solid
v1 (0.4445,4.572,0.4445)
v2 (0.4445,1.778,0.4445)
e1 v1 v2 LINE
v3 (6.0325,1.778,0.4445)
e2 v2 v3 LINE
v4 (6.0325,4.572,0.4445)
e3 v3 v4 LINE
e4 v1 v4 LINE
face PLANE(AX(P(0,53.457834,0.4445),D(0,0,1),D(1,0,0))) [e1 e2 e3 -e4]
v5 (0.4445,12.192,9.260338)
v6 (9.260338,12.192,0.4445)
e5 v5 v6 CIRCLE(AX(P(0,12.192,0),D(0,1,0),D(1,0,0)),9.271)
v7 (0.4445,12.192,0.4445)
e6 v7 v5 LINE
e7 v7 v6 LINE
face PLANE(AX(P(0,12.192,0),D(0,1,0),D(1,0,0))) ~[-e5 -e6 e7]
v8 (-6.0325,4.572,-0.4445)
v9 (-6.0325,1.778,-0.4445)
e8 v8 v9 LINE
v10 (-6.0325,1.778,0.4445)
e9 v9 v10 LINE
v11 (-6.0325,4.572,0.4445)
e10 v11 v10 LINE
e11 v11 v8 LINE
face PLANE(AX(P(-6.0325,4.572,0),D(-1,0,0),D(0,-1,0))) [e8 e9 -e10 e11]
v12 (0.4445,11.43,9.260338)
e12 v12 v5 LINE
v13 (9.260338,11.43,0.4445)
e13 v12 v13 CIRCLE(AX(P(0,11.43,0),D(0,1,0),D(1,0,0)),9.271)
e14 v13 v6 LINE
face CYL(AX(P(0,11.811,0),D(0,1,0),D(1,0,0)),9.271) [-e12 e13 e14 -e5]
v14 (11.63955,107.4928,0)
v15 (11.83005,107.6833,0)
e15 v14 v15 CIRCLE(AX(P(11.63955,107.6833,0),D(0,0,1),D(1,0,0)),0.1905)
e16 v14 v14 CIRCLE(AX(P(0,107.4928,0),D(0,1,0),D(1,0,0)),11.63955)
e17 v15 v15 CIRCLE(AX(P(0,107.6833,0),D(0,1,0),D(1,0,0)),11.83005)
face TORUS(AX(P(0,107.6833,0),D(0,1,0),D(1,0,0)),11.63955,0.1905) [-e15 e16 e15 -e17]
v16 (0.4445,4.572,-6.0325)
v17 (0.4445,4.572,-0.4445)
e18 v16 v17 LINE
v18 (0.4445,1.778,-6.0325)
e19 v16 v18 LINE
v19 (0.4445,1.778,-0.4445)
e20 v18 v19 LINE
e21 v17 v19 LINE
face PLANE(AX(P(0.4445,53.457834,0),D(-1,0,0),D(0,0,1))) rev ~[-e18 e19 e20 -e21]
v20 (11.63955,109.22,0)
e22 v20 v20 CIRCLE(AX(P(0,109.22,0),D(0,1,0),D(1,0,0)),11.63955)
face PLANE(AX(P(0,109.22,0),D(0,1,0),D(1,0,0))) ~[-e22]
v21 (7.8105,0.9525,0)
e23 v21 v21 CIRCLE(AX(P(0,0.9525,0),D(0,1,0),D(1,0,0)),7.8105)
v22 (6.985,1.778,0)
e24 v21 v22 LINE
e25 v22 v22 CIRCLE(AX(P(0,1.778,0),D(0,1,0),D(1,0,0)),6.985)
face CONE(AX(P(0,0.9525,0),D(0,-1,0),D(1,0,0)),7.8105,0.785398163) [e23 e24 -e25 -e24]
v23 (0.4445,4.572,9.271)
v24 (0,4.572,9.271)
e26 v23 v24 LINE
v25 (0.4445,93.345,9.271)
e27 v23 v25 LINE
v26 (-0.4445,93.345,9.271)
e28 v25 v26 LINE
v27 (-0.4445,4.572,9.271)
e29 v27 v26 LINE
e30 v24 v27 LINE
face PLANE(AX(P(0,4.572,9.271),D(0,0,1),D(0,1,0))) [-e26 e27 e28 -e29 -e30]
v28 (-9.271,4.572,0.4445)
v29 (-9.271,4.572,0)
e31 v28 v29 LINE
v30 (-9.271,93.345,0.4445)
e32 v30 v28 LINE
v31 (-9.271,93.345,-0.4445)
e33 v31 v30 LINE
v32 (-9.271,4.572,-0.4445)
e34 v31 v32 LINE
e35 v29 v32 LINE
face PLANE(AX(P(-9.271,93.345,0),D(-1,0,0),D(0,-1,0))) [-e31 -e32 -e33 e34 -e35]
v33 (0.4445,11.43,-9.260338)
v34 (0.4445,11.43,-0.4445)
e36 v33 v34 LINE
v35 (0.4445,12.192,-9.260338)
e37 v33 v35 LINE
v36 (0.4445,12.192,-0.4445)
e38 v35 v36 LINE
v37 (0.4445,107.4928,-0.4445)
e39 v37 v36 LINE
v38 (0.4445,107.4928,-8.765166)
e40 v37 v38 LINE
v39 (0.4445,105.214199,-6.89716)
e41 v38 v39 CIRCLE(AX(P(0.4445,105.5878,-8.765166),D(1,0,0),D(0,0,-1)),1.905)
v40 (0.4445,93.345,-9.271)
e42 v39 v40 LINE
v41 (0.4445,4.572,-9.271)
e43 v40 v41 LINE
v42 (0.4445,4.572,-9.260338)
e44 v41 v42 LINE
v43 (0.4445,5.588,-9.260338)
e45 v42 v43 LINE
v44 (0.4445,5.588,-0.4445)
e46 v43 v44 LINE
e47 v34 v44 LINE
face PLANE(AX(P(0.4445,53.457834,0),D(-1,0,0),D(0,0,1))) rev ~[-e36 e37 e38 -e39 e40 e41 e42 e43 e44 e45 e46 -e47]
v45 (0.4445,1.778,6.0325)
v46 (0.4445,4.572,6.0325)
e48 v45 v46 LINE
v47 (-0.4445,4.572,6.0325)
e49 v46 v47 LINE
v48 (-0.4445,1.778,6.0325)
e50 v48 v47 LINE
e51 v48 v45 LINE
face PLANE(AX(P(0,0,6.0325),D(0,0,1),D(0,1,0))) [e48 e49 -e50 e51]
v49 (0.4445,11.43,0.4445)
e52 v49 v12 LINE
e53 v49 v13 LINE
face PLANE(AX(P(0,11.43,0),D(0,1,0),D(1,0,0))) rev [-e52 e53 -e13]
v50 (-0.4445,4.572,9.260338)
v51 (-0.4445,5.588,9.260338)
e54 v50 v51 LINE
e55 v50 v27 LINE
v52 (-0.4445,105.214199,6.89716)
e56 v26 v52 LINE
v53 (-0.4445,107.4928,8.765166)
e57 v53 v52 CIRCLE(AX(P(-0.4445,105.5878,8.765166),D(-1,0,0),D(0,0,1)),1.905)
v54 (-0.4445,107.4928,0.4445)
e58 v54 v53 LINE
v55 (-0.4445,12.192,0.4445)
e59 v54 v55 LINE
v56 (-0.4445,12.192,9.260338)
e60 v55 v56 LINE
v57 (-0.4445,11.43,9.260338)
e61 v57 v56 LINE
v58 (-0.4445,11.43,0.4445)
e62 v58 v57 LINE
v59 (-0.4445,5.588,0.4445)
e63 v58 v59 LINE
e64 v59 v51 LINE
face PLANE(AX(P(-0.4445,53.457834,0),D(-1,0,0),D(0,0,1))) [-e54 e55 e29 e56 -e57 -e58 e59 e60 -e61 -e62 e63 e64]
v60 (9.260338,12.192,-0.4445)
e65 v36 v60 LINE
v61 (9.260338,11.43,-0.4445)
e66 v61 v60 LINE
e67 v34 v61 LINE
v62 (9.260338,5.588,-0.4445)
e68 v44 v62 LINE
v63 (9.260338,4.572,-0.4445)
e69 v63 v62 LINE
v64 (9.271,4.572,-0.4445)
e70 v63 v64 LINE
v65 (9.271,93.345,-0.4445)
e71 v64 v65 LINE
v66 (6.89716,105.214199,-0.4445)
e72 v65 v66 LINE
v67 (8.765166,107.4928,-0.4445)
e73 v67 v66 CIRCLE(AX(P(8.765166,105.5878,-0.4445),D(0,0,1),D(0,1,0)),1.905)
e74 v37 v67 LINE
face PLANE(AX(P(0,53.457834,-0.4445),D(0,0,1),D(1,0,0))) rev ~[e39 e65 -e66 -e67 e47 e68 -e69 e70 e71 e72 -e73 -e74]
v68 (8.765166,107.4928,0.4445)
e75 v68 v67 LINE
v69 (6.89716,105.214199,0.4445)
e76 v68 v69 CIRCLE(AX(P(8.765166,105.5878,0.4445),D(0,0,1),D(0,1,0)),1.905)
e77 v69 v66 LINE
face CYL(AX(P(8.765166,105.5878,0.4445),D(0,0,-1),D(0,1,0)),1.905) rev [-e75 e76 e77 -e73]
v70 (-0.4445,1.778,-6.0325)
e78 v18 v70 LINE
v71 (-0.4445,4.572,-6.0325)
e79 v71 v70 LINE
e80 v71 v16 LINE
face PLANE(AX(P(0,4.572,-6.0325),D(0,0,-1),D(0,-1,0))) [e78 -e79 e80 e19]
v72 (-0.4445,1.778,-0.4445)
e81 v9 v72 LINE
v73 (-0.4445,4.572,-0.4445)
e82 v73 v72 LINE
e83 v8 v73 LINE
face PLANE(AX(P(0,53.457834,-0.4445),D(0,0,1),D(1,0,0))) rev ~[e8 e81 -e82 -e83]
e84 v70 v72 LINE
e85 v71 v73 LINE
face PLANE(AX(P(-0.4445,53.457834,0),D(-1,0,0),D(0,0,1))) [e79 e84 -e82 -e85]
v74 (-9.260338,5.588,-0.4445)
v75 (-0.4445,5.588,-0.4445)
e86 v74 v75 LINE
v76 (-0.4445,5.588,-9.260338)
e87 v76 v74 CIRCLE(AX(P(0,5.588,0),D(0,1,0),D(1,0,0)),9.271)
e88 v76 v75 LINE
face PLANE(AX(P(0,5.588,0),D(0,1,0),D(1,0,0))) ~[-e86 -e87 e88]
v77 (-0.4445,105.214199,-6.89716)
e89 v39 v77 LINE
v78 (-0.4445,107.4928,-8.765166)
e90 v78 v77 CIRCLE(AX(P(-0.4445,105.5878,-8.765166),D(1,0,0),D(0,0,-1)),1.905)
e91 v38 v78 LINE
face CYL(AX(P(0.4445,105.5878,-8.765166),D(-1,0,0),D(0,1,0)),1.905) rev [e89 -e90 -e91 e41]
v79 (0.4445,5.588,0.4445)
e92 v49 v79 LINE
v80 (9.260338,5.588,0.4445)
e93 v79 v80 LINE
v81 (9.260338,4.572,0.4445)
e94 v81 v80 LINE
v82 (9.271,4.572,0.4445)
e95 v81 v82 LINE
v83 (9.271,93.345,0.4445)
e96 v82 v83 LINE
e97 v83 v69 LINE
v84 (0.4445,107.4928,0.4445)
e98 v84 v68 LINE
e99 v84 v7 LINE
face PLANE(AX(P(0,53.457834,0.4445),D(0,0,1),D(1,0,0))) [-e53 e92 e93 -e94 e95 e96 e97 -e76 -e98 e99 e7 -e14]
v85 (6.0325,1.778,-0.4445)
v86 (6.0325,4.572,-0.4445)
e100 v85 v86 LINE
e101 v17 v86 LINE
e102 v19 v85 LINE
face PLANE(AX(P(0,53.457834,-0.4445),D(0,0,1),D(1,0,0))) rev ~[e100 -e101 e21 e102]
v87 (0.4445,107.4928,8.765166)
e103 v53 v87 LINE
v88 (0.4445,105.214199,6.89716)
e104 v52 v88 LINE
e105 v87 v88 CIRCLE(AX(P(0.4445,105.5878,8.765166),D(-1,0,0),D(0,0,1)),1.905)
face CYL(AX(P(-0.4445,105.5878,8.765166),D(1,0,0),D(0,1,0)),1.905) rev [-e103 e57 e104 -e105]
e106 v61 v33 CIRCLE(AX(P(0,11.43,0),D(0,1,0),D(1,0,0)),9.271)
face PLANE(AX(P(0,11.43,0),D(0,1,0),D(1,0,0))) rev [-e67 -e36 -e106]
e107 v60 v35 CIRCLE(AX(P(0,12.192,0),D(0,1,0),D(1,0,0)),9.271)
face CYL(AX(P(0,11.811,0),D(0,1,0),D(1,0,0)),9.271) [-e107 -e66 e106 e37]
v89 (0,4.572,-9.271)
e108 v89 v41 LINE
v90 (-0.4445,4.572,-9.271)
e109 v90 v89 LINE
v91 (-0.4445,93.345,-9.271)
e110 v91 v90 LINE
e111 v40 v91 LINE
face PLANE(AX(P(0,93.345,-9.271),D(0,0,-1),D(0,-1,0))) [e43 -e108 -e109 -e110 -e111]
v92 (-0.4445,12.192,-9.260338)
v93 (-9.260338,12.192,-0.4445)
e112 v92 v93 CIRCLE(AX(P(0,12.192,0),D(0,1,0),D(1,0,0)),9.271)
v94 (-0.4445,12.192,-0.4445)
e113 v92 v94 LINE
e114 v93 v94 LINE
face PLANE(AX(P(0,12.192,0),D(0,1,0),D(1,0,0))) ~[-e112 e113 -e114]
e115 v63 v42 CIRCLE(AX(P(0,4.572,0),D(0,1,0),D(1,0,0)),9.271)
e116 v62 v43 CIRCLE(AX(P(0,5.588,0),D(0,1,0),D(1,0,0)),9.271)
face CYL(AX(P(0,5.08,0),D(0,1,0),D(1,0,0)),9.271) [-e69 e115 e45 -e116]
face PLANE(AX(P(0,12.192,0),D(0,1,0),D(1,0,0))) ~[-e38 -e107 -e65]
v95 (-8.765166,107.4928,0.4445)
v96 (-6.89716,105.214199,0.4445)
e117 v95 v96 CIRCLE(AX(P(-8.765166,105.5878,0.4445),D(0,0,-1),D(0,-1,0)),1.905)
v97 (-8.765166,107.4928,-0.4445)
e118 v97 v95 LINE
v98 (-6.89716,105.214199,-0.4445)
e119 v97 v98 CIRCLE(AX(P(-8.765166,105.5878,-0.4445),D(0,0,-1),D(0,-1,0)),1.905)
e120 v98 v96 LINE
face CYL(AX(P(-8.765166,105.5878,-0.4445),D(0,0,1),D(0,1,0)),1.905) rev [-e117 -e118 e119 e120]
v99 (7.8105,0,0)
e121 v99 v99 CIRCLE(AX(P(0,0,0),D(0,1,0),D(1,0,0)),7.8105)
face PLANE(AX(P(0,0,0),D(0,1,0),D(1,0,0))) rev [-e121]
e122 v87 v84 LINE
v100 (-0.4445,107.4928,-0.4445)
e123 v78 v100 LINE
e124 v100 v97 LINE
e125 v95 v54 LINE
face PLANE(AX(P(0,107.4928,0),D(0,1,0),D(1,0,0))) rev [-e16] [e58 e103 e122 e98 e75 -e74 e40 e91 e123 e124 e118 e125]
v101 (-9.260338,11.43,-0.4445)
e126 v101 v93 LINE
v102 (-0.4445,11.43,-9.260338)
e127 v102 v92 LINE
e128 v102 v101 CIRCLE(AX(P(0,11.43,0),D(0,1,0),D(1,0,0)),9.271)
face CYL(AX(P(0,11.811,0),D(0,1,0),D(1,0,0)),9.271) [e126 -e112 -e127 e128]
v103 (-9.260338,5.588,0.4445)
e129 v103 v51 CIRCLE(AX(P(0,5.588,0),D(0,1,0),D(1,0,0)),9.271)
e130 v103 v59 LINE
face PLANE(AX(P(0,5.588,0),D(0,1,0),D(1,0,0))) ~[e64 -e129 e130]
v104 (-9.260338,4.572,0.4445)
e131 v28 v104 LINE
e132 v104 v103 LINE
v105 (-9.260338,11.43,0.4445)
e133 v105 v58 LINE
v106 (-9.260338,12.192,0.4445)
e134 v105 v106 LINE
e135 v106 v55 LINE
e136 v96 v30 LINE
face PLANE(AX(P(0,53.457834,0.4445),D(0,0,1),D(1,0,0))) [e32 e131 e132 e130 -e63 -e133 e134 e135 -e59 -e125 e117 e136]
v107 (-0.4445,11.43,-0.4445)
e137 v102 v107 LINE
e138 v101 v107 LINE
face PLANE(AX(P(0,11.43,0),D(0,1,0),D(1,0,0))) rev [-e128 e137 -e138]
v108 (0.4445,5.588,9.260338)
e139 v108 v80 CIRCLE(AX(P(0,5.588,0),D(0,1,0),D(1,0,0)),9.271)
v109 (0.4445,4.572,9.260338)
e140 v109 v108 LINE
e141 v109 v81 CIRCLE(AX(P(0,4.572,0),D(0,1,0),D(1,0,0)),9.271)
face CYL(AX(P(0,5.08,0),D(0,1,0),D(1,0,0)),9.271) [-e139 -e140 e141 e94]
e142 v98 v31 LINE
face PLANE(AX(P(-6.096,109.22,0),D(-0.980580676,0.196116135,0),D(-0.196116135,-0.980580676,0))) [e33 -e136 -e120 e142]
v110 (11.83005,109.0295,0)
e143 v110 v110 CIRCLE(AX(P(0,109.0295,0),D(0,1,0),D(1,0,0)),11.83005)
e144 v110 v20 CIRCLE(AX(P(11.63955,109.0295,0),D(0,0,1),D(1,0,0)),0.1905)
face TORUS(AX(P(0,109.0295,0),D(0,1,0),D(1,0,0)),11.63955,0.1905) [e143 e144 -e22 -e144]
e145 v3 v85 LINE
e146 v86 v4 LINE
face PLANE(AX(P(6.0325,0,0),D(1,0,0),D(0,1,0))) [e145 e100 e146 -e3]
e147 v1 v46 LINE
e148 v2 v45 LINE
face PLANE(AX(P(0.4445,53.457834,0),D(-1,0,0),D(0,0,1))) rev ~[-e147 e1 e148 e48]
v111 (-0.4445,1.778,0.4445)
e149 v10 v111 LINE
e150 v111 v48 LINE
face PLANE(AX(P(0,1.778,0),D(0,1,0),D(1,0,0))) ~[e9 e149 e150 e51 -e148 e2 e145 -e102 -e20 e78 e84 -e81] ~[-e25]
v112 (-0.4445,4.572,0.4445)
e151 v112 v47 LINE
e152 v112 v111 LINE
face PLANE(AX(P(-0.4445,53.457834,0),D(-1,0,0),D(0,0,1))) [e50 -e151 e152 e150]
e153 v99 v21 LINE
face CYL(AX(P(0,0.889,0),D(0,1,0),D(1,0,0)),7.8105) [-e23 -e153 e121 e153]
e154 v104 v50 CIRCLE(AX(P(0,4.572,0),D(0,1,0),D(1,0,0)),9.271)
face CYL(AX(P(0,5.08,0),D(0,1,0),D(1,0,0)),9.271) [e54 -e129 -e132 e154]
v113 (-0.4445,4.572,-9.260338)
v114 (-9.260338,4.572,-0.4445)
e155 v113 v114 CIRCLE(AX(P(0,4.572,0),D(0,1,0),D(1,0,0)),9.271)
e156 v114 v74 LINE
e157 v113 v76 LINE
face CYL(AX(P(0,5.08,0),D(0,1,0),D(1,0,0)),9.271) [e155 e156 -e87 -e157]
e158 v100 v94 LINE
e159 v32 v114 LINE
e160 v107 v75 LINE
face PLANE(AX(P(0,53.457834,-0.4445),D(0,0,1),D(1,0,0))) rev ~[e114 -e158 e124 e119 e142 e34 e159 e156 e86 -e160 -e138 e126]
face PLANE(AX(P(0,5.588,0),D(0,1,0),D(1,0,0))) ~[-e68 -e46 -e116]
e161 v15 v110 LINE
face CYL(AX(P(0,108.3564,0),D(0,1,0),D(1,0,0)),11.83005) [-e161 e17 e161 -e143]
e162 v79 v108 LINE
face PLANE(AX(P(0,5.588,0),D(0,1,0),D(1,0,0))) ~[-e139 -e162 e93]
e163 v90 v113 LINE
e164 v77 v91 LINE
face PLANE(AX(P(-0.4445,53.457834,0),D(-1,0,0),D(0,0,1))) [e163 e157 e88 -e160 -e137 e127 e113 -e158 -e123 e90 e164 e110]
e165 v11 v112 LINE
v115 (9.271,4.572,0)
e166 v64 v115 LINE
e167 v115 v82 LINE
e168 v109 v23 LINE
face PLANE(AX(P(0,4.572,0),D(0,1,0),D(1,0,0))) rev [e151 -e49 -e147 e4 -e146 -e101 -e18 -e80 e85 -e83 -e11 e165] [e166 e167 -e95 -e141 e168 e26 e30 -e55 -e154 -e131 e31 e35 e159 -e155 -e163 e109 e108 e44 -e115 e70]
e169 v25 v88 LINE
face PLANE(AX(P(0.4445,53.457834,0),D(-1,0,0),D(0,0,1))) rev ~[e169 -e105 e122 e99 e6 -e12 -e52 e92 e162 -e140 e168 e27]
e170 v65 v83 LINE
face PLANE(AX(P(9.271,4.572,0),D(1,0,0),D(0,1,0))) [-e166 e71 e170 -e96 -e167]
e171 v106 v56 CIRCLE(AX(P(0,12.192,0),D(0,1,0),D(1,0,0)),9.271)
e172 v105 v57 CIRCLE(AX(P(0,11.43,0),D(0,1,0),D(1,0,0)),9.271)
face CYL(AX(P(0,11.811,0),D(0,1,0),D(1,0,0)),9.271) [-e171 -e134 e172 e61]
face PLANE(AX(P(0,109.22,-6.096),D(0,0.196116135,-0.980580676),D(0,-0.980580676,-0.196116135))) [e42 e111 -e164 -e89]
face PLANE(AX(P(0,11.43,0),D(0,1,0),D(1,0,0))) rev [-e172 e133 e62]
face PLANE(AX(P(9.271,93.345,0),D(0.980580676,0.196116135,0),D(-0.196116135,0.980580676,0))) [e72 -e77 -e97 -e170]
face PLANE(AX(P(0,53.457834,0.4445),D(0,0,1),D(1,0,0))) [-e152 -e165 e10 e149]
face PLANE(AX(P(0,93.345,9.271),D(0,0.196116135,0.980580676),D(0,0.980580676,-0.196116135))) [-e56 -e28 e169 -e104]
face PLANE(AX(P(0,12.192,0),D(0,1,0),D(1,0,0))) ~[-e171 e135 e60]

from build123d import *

# Parameters (mm, degrees)
EXTRUDE1_DEPTH    = 0.4445
CIRPATTERN1_COUNT = 2
CIRPATTERN1_ANGLE = 90
SKETCH2_W         = 7.8105
SKETCH2_H         = 1.778
SKETCH2_W_2       = 9.271
SKETCH2_H_2       = 1.016
SKETCH2_H_3       = 0.762
SKETCH2_W_3       = 11.83005
SKETCH2_H_4       = 1.7272
CHAMFER1_SIZE     = 0.8255
FILLET1_R         = 1.905
FILLET2_R         = 0.1905


with BuildPart() as part:
    # Sketch1 → Extrude1 (new, symmetric)
    with BuildSketch(Plane.XY):
        Polygon((-6.0325, 0), (6.0325, 0), (6.0325, 4.572), (9.271, 4.572), (9.271, 93.345), (6.096, 109.22), (-6.096, 109.22), (-9.271, 93.345), (-9.271, 4.572), (-6.0325, 4.572), align=None)
    extrude1 = extrude(amount=EXTRUDE1_DEPTH, both=True)

    # CirPattern1: Extrude1 ×2 about axis
    cirpattern1_axis = Axis((0, 50, 0), (0, -1, 0))
    for i in range(1, CIRPATTERN1_COUNT):
        add(extrude1.rotate(cirpattern1_axis, i * CIRPATTERN1_ANGLE / (CIRPATTERN1_COUNT - 1)))

    # Sketch2 → Revolve1 (revolve)
    with BuildSketch(Plane.XY):
        with Locations((3.90525, 0.889)):
            Rectangle(SKETCH2_W, SKETCH2_H)
        with Locations((4.6355, 5.08)):
            Rectangle(SKETCH2_W_2, SKETCH2_H_2)
        with Locations((4.6355, 11.811)):
            Rectangle(SKETCH2_W_2, SKETCH2_H_3)
        with Locations((5.915025, 108.3564)):
            Rectangle(SKETCH2_W_3, SKETCH2_H_4)
    revolve(axis=Axis((0, 0, 0), (0, 1, 0)))

    # Chamfer1
    chamfer1_edges = [part.edges().sort_by_distance(p)[0] for p in [
        (-7.8105, 1.778, 0),
    ]]
    chamfer(chamfer1_edges, length=CHAMFER1_SIZE)

    # Fillet1
    fillet1_edges = [part.edges().sort_by_distance(p)[0] for p in [
        (0, 107.4928, -6.44144),
        (-6.44144, 107.4928, 0),
        (0, 107.4928, 6.44144),
        (6.44144, 107.4928, 0),
    ]]
    fillet(fillet1_edges, radius=FILLET1_R)

    # Fillet2
    fillet2_edges = [part.edges().sort_by_distance(p)[0] for p in [
        (-11.83005, 107.4928, 0),
        (-11.83005, 109.22, 0),
    ]]
    fillet(fillet2_edges, radius=FILLET2_R)


solid = part.part
